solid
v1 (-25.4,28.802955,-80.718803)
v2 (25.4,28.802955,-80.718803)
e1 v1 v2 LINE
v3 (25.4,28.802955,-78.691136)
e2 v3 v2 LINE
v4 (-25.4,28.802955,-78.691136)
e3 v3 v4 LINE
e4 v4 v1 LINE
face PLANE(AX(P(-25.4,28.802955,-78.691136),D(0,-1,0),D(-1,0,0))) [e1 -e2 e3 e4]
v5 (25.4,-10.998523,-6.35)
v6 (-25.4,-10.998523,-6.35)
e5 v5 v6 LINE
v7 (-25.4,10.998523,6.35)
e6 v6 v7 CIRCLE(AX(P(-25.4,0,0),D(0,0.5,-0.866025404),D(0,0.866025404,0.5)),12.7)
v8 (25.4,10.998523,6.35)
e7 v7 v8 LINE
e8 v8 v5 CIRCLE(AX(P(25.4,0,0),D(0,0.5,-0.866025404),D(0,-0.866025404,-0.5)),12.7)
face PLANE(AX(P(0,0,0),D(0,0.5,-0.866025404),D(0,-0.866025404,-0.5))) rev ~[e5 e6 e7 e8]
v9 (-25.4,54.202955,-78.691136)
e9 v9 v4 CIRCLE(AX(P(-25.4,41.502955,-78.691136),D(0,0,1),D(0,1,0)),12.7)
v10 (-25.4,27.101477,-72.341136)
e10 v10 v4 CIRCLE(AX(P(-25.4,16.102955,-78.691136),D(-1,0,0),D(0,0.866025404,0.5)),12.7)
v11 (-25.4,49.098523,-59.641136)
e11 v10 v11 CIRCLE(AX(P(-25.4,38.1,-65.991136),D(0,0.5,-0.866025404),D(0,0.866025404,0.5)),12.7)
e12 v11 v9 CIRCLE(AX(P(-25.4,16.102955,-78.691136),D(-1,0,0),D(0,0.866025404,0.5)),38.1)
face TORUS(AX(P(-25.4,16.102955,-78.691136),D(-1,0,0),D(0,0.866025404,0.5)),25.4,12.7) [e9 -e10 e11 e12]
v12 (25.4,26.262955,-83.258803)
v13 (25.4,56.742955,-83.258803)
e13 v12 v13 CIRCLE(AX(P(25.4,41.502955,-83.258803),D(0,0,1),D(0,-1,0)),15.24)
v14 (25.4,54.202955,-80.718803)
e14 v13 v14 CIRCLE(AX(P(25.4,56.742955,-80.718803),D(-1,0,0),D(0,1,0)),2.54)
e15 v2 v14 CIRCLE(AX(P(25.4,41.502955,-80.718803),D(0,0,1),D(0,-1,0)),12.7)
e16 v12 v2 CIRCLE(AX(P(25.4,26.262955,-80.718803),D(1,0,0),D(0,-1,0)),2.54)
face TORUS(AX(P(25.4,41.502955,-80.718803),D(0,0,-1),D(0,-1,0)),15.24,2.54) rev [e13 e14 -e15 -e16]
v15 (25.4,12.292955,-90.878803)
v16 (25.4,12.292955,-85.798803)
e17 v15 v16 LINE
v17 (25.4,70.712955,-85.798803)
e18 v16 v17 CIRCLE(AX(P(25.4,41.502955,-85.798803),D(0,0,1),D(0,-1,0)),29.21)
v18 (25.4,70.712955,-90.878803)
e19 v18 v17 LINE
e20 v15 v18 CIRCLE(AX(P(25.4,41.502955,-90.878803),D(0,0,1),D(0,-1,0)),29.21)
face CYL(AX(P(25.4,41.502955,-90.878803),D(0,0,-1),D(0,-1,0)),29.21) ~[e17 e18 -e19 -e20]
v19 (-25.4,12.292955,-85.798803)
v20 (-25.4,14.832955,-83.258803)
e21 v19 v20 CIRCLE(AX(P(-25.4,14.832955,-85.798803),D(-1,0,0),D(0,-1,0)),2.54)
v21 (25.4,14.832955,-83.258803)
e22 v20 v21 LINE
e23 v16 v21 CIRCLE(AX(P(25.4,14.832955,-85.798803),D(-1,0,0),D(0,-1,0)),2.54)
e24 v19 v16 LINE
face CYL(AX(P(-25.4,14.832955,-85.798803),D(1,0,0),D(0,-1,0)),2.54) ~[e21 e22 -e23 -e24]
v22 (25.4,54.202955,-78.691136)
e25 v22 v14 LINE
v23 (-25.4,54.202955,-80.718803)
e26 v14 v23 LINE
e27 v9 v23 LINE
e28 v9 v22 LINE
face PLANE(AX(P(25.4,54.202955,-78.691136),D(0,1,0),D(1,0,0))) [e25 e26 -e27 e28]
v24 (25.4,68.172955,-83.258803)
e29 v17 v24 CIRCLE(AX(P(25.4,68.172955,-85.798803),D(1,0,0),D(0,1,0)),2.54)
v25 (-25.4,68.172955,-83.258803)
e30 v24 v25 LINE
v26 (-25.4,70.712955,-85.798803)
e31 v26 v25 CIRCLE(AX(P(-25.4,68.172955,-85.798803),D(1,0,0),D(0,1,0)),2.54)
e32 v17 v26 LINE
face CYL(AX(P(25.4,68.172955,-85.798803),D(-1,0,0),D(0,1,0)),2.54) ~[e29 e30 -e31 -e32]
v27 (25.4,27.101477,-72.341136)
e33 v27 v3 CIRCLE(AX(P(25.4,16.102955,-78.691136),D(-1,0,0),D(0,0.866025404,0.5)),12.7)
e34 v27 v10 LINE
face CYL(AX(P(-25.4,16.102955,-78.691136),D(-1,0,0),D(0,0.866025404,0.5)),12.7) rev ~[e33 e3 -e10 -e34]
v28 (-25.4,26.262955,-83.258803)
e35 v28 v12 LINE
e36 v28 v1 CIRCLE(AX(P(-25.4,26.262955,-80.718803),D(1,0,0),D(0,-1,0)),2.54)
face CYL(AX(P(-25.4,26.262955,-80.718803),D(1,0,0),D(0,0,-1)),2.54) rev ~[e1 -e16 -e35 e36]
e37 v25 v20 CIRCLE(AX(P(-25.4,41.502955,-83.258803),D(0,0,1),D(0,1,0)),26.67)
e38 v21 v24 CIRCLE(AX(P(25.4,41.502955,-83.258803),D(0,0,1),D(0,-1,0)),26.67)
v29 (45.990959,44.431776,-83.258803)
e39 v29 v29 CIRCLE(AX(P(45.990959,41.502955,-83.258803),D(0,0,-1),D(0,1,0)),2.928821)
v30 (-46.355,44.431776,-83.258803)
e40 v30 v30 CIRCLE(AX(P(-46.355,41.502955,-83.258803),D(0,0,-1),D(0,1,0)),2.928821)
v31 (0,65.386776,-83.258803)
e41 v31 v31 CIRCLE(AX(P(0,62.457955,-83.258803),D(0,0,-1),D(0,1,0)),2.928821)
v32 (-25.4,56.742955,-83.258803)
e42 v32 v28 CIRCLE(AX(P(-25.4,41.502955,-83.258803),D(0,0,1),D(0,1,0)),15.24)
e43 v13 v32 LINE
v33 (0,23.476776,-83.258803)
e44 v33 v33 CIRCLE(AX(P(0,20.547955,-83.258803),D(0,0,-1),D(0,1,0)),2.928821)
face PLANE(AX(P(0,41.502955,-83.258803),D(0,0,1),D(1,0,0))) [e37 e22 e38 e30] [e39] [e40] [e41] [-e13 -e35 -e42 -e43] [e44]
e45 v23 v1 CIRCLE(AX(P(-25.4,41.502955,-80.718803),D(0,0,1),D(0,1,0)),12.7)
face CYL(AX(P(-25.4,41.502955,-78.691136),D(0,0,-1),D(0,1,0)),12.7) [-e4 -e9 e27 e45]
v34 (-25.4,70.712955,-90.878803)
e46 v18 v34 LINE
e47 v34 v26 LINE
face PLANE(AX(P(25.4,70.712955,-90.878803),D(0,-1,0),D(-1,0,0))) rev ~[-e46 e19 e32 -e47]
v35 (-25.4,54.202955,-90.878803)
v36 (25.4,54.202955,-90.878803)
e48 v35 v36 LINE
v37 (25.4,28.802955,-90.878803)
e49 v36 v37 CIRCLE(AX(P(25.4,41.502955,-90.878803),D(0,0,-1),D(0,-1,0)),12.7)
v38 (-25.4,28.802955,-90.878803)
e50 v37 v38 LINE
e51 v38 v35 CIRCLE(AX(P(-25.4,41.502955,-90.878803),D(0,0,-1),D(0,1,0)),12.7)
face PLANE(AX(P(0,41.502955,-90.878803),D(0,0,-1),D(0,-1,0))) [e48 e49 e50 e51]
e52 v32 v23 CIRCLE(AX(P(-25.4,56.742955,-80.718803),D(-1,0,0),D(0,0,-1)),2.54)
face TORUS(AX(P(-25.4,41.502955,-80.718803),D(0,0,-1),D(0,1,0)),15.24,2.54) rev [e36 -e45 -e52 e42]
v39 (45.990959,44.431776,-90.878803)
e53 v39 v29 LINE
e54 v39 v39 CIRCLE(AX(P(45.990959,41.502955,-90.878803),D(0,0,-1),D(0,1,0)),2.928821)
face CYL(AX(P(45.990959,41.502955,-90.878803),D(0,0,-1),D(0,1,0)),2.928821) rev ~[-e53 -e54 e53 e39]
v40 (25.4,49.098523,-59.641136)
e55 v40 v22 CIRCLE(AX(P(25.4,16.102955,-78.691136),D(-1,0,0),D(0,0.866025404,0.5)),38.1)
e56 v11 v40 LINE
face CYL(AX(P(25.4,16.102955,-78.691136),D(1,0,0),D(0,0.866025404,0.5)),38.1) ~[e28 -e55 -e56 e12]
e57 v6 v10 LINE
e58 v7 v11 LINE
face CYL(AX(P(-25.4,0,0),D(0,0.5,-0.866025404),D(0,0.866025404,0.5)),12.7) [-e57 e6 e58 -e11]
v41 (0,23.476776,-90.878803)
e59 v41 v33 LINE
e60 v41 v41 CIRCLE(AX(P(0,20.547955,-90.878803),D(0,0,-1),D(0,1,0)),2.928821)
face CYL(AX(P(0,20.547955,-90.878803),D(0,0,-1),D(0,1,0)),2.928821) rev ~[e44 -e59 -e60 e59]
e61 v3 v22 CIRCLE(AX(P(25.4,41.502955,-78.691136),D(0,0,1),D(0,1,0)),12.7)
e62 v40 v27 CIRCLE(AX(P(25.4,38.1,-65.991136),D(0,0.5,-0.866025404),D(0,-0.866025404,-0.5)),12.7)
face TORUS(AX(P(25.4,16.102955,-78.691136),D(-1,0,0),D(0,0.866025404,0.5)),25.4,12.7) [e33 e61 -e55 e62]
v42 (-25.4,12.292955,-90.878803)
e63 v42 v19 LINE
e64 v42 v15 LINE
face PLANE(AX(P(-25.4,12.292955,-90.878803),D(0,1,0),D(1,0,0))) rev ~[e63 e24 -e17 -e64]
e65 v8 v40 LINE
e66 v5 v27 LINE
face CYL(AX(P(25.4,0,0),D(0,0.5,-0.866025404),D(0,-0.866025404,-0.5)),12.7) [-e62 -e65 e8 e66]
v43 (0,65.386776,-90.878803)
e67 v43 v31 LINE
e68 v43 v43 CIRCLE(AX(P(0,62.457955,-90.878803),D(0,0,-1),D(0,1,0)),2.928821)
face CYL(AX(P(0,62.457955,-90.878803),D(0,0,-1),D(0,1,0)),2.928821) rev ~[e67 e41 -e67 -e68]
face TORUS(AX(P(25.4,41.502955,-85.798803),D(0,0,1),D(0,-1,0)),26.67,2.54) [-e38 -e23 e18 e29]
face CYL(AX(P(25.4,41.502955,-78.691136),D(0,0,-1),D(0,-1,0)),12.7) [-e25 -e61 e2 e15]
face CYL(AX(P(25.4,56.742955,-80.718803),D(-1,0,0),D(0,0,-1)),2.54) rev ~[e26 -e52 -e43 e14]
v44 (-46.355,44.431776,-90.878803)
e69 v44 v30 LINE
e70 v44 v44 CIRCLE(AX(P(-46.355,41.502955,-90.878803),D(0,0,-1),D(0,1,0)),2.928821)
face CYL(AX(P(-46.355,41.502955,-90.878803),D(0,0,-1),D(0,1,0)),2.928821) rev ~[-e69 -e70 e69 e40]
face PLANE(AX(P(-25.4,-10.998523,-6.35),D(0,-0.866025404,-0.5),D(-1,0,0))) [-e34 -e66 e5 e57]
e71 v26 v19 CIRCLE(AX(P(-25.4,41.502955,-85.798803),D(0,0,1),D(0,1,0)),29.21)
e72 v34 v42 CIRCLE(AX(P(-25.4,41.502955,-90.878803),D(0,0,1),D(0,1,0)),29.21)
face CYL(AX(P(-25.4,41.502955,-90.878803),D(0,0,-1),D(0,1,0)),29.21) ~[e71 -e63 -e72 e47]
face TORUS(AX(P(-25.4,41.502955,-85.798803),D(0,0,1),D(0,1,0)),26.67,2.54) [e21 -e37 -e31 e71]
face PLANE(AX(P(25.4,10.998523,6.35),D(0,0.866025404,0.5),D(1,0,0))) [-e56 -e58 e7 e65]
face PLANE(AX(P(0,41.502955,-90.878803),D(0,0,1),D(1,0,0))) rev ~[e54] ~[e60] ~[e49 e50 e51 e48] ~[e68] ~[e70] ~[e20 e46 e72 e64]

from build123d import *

# Parameters (mm, degrees)
SKETCH9_R      = 2.928820999
EXTRUDE2_DEPTH = 7.62
FILLET3_R      = 2.54


with BuildPart() as part:
    # Sweep5: sweep along a path in Sketch1
    with BuildLine(Plane(origin=(0, 0, 0), x_dir=(0, 0, -1), z_dir=(1, 0, 0))) as sweep5_path:
        Line((0, 0), (65.991135768, 38.1))
        ThreePointArc((65.991135768, 38.1), (72.117132023, 40.637470732), (78.691135768, 41.502954744))
        Line((78.691135768, 41.502954744), (90.878802907, 41.502954744))
    # Sketch2 → Sweep5 (sweep)
    with BuildSketch(Plane(origin=(0, 0, 0), x_dir=(-1, 0, 0), z_dir=(0, 0.5000000000000013, -0.8660254037844379))):
        with BuildLine():
            Line((-25.4, 12.7), (25.4, 12.7))
            ThreePointArc((25.4, 12.7), (38.1, 0), (25.4, -12.7))
            Line((25.4, -12.7), (-25.4, -12.7))
            ThreePointArc((-25.4, -12.7), (-38.1, 0), (-25.4, 12.7))
        make_face()
    sweep(path=sweep5_path.line)

    # Sketch9 → Extrude2 (add)
    with BuildSketch(Plane(origin=(0, 0, -90.878802907), x_dir=(-1, 0, 0), z_dir=(0, 0, -1))):
        with BuildLine():
            Line((-25.4, 70.712954744), (25.4, 70.712954744))
            ThreePointArc((25.4, 70.712954744), (54.61, 41.502954744), (25.4, 12.292954744))
            Line((25.4, 12.292954744), (-25.4, 12.292954744))
            ThreePointArc((-25.4, 12.292954744), (-54.61, 41.502954744), (-25.4, 70.712954744))
        make_face()
        with Locations(Location((-45.990959388, 41.502954744, 0), (0, 0, 90))):
            Circle(SKETCH9_R, mode=Mode.SUBTRACT)
        with Locations(Location((0, 62.457954744, 0), (0, 0, 90))):
            Circle(SKETCH9_R, mode=Mode.SUBTRACT)
        with Locations(Location((46.355, 41.502954744, 0), (0, 0, 90))):
            Circle(SKETCH9_R, mode=Mode.SUBTRACT)
        with Locations(Location((0, 20.547954744, 0), (0, 0, 90))):
            Circle(SKETCH9_R, mode=Mode.SUBTRACT)
        with BuildLine():
            Line((-25.4, 54.202954744), (25.4, 54.202954744))
            ThreePointArc((25.4, 54.202954744), (38.1, 41.502954744), (25.4, 28.802954744))
            Line((25.4, 28.802954744), (-25.4, 28.802954744))
            ThreePointArc((-25.4, 28.802954744), (-38.1, 41.502954744), (-25.4, 54.202954744))
        make_face(mode=Mode.SUBTRACT)
    extrude(amount=-EXTRUDE2_DEPTH)

    # Fillet3
    fillet3_edges = [part.edges().sort_by_distance(p)[0] for p in [
        (54.61, 41.502954744, -83.258802907),
        (0, 70.712954744, -83.258802907),
        (-54.61, 41.502954744, -83.258802907),
        (0, 12.292954744, -83.258802907),
        (38.1, 41.502954744, -83.258802907),
        (0, 28.802954744, -83.258802907),
        (-38.1, 41.502954744, -83.258802907),
        (0, 54.202954744, -83.258802907),
    ]]
    fillet(fillet3_edges, radius=FILLET3_R)


solid = part.part
